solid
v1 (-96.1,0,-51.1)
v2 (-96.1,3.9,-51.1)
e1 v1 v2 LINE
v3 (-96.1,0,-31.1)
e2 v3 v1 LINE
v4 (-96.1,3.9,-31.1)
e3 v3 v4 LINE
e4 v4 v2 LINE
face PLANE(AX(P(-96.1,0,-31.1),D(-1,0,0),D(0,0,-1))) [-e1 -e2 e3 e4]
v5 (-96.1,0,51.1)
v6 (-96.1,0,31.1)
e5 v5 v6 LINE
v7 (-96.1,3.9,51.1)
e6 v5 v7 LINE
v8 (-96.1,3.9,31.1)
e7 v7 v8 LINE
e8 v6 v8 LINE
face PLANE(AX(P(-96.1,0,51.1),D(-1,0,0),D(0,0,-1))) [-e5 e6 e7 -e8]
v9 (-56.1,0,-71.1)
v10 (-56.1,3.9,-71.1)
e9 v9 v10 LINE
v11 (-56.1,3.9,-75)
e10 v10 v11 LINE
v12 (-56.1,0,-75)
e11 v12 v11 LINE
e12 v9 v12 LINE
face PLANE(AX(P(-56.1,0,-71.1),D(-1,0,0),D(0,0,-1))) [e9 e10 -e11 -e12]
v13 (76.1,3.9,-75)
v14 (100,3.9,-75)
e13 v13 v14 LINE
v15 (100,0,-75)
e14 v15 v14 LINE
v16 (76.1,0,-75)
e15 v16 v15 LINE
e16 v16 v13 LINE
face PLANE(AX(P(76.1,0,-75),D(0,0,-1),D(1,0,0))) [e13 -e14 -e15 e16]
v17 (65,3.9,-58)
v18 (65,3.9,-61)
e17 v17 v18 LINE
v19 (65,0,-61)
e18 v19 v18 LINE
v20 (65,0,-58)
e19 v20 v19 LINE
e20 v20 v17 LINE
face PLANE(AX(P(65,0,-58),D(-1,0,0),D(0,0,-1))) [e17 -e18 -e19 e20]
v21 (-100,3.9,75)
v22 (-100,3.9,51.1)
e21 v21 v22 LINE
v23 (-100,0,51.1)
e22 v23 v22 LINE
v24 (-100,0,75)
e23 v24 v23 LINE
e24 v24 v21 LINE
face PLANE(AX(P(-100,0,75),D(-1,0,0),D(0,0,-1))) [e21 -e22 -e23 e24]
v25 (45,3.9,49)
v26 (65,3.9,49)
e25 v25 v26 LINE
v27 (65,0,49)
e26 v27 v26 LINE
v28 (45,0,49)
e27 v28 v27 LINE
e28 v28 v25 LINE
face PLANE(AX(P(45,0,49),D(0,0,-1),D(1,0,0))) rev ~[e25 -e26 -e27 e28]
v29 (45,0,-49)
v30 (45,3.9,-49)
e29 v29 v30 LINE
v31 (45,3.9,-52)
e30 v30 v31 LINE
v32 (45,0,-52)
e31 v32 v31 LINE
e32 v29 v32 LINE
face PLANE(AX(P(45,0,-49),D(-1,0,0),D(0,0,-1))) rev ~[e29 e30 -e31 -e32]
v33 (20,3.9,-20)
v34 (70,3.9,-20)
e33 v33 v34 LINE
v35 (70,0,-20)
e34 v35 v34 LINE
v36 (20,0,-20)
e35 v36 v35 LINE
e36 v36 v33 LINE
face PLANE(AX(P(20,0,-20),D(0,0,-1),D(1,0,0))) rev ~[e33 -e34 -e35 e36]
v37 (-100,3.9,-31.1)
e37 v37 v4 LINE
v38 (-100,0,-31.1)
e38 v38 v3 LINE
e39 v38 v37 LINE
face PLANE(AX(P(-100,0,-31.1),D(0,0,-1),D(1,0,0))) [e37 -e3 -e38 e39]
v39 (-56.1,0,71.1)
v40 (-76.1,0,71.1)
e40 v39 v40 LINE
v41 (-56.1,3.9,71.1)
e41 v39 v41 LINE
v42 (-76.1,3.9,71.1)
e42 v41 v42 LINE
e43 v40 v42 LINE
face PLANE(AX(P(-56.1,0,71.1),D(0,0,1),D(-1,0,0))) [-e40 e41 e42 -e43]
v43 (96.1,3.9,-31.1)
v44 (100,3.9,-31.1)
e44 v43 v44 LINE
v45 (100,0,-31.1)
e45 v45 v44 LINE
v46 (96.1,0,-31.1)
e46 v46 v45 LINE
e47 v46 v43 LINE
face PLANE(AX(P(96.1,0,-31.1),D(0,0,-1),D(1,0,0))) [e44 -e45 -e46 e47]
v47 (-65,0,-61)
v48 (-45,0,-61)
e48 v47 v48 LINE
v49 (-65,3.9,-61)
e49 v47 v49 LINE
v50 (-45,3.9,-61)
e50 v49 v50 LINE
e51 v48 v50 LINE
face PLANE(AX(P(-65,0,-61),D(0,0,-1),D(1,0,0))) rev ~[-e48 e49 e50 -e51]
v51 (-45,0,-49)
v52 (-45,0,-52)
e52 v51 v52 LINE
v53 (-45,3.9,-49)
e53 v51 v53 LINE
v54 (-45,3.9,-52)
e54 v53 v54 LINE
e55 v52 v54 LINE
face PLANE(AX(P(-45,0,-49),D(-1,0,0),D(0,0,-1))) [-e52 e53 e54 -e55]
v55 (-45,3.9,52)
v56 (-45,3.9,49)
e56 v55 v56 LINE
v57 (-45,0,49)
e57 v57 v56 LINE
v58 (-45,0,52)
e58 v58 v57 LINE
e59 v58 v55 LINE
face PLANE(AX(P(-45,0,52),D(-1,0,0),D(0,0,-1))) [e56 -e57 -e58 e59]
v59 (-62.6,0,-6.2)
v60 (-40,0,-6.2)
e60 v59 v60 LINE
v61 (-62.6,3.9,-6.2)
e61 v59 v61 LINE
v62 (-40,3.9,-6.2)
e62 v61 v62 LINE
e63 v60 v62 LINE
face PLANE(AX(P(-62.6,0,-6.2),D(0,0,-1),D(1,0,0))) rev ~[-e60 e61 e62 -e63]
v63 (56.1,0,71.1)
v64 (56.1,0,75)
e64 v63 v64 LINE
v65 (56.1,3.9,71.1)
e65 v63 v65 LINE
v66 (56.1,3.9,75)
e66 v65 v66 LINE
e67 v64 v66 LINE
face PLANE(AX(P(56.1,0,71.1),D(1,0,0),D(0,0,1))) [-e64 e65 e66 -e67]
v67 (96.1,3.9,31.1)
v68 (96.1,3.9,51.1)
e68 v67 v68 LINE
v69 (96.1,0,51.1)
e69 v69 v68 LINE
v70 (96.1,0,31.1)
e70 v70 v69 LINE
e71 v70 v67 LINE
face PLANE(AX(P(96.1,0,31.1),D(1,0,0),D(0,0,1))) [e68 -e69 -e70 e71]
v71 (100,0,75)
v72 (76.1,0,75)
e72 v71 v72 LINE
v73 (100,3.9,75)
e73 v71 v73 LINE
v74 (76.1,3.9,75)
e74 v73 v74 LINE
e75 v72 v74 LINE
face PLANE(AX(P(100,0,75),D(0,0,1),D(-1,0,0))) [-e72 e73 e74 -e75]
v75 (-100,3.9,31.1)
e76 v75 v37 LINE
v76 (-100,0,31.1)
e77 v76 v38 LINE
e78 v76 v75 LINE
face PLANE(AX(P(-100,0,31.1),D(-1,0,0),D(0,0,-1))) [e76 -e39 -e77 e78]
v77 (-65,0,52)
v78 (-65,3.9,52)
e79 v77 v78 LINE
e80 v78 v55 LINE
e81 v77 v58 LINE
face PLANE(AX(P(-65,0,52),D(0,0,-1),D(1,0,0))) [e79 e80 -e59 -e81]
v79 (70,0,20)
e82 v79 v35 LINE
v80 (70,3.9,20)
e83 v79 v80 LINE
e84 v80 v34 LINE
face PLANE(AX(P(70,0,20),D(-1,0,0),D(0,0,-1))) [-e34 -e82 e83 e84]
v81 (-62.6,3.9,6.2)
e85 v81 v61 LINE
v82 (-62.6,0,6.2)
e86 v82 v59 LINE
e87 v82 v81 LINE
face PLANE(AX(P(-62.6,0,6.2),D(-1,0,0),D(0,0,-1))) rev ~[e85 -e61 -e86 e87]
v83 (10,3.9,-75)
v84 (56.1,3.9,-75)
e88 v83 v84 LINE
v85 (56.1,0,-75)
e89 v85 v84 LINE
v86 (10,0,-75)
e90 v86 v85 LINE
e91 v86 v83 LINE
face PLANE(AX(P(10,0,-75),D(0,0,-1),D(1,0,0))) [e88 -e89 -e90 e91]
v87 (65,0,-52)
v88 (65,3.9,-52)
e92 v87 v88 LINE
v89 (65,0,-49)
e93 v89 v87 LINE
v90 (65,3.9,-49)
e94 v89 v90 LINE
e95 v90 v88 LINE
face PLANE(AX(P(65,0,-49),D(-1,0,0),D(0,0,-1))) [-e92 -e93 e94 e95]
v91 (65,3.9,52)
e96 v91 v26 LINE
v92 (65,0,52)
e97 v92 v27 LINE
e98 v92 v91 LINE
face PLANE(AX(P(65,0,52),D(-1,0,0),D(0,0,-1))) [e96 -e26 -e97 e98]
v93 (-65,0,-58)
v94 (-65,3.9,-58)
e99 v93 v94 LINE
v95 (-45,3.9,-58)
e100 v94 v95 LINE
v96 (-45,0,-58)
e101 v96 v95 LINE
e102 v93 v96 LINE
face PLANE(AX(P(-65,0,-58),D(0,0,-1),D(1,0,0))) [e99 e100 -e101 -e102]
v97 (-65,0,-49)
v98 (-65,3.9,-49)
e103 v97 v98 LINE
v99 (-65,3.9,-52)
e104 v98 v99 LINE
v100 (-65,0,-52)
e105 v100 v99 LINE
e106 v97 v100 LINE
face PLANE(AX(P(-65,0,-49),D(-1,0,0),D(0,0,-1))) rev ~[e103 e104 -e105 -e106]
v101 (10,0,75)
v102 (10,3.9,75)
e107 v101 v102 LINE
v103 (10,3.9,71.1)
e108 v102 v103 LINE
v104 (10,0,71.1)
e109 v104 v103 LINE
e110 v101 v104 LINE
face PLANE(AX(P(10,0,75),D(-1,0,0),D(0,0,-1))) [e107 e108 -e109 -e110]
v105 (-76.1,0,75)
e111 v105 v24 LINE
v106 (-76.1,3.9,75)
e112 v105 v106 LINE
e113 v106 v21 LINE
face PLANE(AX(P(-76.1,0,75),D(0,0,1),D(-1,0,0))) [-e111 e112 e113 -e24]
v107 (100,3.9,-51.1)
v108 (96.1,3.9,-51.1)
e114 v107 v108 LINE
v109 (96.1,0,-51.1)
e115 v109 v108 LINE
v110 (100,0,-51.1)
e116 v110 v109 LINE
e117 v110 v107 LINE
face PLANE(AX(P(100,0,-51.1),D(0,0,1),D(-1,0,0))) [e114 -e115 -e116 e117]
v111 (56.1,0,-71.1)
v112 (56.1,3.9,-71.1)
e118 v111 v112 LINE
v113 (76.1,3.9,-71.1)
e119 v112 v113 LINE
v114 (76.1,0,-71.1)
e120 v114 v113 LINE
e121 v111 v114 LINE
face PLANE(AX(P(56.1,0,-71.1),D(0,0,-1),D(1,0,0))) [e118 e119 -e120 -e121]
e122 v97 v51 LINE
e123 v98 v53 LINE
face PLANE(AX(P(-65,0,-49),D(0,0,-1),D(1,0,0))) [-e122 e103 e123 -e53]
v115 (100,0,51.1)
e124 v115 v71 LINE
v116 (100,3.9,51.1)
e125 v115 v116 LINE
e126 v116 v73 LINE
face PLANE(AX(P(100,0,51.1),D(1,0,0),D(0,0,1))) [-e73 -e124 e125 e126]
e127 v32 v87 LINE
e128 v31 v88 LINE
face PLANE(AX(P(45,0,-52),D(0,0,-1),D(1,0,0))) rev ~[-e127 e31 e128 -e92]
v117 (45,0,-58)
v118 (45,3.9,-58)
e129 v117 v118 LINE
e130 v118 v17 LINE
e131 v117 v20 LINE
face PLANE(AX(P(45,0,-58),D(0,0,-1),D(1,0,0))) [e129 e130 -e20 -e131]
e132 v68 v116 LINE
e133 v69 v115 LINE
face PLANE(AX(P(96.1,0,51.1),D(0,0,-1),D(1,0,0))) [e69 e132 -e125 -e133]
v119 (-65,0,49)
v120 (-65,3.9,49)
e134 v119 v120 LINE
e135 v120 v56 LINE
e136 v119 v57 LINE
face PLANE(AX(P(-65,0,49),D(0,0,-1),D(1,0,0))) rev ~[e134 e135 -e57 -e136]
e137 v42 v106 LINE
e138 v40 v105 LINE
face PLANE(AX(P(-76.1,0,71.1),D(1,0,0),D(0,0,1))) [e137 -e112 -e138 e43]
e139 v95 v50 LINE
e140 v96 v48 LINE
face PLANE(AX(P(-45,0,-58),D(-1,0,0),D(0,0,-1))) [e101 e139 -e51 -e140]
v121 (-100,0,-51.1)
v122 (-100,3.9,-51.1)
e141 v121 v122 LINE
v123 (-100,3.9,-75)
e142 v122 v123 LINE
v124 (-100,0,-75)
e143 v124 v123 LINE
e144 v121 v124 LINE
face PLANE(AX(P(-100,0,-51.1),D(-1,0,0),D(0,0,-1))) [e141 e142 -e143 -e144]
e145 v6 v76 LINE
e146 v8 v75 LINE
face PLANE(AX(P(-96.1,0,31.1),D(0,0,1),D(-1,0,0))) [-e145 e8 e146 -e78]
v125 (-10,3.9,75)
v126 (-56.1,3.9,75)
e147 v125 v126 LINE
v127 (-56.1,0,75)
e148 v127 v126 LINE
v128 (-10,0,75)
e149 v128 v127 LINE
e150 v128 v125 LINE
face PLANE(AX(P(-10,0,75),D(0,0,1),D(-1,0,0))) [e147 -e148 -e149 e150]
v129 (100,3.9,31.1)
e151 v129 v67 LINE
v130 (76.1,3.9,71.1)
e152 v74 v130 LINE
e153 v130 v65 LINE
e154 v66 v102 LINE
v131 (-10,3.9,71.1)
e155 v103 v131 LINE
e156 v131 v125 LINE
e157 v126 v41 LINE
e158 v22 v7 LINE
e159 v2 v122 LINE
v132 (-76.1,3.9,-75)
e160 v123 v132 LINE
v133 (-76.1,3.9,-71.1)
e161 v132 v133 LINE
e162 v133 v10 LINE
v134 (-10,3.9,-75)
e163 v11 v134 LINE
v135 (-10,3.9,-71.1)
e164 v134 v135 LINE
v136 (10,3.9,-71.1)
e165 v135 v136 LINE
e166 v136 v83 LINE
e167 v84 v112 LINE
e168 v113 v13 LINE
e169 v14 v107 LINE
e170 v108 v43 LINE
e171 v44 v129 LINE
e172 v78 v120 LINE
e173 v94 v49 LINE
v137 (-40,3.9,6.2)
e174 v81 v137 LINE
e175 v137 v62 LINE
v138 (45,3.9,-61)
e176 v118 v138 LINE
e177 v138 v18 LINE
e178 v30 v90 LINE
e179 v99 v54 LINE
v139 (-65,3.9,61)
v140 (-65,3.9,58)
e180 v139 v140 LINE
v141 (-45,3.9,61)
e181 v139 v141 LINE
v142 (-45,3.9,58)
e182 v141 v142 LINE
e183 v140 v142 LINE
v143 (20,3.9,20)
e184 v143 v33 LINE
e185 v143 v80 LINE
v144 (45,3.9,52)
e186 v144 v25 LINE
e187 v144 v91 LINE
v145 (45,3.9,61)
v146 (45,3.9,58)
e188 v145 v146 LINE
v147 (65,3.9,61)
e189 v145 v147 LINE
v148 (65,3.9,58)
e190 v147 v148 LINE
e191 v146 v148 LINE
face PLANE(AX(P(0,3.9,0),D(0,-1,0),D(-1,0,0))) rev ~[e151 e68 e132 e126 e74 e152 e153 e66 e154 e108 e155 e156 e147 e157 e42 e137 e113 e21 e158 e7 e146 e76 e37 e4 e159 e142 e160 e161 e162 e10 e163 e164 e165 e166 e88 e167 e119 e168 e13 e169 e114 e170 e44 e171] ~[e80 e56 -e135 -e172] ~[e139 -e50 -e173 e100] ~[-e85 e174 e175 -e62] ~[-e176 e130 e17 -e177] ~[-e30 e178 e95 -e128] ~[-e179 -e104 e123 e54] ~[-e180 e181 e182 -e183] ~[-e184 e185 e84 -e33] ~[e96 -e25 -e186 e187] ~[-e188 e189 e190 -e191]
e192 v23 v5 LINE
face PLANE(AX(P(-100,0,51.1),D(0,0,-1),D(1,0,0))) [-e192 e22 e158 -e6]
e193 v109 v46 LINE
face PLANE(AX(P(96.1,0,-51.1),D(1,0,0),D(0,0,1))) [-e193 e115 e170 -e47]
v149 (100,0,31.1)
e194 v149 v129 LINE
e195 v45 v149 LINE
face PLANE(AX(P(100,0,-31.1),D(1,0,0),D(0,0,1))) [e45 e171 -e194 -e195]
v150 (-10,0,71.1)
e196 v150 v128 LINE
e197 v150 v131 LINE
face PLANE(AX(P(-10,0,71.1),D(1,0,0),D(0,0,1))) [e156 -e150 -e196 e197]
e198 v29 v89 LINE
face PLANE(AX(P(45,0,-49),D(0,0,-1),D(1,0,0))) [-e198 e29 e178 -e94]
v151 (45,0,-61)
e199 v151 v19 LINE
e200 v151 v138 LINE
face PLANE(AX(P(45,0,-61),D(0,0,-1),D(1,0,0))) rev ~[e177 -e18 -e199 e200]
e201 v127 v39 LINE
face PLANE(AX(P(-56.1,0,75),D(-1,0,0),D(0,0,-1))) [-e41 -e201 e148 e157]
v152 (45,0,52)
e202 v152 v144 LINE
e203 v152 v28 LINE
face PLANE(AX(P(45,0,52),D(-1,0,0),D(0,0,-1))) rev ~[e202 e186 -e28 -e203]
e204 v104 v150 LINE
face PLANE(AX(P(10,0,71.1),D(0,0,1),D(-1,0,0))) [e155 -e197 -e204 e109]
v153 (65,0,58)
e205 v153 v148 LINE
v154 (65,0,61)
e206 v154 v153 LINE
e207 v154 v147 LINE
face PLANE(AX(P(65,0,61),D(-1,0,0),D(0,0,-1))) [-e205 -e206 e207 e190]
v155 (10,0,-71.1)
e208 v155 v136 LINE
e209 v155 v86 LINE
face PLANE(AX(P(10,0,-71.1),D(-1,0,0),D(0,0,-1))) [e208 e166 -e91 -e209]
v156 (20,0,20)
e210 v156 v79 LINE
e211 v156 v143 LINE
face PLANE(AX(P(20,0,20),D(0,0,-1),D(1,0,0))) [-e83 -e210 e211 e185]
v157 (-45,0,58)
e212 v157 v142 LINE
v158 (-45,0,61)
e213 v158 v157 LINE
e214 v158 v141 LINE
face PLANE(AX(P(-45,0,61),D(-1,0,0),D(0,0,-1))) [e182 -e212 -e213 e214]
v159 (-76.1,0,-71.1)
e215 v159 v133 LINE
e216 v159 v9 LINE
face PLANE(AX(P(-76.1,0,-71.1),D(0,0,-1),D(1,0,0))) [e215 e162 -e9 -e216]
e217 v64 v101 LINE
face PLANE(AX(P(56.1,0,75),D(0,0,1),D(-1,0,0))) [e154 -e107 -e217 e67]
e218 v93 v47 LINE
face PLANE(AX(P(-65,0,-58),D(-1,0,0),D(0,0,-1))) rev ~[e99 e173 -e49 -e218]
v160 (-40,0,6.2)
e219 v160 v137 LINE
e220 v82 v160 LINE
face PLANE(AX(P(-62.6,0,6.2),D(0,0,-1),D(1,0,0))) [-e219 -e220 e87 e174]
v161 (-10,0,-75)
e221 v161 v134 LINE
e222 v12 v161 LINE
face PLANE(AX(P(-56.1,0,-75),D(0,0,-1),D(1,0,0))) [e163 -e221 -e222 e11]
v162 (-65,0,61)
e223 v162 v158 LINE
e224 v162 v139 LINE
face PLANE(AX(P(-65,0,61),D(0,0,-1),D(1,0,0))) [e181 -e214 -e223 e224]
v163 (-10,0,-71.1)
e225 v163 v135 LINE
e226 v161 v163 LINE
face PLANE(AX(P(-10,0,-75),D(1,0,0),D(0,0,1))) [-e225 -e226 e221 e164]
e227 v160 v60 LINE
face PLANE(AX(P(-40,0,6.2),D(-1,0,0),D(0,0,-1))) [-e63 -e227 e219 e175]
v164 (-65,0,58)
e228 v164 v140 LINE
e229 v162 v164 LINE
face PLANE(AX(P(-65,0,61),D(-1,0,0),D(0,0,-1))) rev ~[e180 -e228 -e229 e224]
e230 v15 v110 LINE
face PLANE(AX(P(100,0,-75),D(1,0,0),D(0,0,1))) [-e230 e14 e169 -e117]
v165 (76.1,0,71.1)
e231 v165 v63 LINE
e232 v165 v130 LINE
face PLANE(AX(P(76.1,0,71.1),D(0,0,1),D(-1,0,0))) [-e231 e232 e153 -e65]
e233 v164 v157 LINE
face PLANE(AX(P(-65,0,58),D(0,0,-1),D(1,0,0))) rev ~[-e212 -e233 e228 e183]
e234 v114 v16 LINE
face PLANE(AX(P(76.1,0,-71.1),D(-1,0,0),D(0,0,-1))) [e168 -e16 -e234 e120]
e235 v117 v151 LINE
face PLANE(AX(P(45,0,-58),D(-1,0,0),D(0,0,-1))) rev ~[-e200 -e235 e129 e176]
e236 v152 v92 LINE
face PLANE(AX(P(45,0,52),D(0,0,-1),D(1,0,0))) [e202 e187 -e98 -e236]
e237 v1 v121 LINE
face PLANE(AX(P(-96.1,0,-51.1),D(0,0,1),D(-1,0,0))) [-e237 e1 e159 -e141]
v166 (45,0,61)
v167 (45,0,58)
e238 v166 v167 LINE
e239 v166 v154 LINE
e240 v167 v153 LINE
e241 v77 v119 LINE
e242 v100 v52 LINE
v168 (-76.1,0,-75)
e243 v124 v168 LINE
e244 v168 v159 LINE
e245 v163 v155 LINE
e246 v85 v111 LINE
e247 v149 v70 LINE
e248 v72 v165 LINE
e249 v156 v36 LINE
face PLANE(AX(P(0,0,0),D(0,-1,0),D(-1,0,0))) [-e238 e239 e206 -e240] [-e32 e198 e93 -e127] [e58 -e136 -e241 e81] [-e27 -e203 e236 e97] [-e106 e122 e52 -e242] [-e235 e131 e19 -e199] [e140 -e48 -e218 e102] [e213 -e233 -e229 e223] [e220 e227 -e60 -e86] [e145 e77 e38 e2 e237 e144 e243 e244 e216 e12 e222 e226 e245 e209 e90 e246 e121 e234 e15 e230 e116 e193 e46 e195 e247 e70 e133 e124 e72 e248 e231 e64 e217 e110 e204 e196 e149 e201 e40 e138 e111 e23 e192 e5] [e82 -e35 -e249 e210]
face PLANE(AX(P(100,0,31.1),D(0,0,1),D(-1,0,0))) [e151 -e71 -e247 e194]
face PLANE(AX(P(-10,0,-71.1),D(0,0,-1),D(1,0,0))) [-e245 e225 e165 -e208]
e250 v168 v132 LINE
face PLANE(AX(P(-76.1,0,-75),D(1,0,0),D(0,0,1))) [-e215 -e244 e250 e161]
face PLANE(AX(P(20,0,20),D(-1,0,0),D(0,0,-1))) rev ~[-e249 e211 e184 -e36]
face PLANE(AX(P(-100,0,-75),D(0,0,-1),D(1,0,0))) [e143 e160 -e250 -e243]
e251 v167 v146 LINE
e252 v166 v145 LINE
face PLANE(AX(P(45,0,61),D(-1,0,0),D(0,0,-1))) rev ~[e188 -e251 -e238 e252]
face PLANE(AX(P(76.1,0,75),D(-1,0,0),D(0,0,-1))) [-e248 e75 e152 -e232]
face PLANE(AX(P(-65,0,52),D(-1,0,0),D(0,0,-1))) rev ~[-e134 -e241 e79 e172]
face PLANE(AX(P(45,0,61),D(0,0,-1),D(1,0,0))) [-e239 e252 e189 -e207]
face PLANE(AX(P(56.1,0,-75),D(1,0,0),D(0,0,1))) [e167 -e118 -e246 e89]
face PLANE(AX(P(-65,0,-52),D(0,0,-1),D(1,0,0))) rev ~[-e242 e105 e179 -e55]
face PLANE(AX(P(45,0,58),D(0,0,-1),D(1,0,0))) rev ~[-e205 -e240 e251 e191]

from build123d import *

# Parameters (mm, degrees)
SKETCH1_W           = 20
SKETCH1_H           = 3
SKETCH1_W_2         = 50
SKETCH1_H_2         = 40
SKETCH1_W_3         = 22.6
SKETCH1_H_3         = 12.4
BOSS_EXTRUDE1_DEPTH = 3.9


with BuildPart() as part:
    # Sketch1 → Boss-Extrude1 (new body)
    with BuildSketch(Plane(origin=(0, 0, 0), x_dir=(1, 0, 0), z_dir=(0, 1, 0))):
        Polygon((-100, 75), (-76.1, 75), (-76.1, 71.1), (-56.1, 71.1), (-56.1, 75), (-10, 75), (-10, 71.1), (10, 71.1), (10, 75), (56.1, 75), (56.1, 71.1), (76.1, 71.1), (76.1, 75), (100, 75), (100, 51.1), (96.1, 51.1), (96.1, 31.1), (100, 31.1), (100, -31.1), (96.1, -31.1), (96.1, -51.1), (100, -51.1), (100, -75), (76.1, -75), (76.1, -71.1), (56.1, -71.1), (56.1, -75), (10, -75), (10, -71.1), (-10, -71.1), (-10, -75), (-56.1, -75), (-56.1, -71.1), (-76.1, -71.1), (-76.1, -75), (-100, -75), (-100, -51.1), (-96.1, -51.1), (-96.1, -31.1), (-100, -31.1), (-100, 31.1), (-96.1, 31.1), (-96.1, 51.1), (-100, 51.1), align=None)
        with Locations((-55, -50.5)):
            Rectangle(SKETCH1_W, SKETCH1_H, mode=Mode.SUBTRACT)
        with Locations((-55, -59.5)):
            Rectangle(SKETCH1_W, SKETCH1_H, mode=Mode.SUBTRACT)
        with Locations((45, 0)):
            Rectangle(SKETCH1_W_2, SKETCH1_H_2, mode=Mode.SUBTRACT)
        with Locations((55, -59.5)):
            Rectangle(SKETCH1_W, SKETCH1_H, mode=Mode.SUBTRACT)
        with Locations((55, -50.5)):
            Rectangle(SKETCH1_W, SKETCH1_H, mode=Mode.SUBTRACT)
        with Locations((55, 50.5)):
            Rectangle(SKETCH1_W, SKETCH1_H, mode=Mode.SUBTRACT)
        with Locations((55, 59.5)):
            Rectangle(SKETCH1_W, SKETCH1_H, mode=Mode.SUBTRACT)
        with Locations((-55, 59.5)):
            Rectangle(SKETCH1_W, SKETCH1_H, mode=Mode.SUBTRACT)
        with Locations((-55, 50.5)):
            Rectangle(SKETCH1_W, SKETCH1_H, mode=Mode.SUBTRACT)
        with Locations((-51.3, 0)):
            Rectangle(SKETCH1_W_3, SKETCH1_H_3, mode=Mode.SUBTRACT)
    extrude(amount=BOSS_EXTRUDE1_DEPTH)


solid = part.part
